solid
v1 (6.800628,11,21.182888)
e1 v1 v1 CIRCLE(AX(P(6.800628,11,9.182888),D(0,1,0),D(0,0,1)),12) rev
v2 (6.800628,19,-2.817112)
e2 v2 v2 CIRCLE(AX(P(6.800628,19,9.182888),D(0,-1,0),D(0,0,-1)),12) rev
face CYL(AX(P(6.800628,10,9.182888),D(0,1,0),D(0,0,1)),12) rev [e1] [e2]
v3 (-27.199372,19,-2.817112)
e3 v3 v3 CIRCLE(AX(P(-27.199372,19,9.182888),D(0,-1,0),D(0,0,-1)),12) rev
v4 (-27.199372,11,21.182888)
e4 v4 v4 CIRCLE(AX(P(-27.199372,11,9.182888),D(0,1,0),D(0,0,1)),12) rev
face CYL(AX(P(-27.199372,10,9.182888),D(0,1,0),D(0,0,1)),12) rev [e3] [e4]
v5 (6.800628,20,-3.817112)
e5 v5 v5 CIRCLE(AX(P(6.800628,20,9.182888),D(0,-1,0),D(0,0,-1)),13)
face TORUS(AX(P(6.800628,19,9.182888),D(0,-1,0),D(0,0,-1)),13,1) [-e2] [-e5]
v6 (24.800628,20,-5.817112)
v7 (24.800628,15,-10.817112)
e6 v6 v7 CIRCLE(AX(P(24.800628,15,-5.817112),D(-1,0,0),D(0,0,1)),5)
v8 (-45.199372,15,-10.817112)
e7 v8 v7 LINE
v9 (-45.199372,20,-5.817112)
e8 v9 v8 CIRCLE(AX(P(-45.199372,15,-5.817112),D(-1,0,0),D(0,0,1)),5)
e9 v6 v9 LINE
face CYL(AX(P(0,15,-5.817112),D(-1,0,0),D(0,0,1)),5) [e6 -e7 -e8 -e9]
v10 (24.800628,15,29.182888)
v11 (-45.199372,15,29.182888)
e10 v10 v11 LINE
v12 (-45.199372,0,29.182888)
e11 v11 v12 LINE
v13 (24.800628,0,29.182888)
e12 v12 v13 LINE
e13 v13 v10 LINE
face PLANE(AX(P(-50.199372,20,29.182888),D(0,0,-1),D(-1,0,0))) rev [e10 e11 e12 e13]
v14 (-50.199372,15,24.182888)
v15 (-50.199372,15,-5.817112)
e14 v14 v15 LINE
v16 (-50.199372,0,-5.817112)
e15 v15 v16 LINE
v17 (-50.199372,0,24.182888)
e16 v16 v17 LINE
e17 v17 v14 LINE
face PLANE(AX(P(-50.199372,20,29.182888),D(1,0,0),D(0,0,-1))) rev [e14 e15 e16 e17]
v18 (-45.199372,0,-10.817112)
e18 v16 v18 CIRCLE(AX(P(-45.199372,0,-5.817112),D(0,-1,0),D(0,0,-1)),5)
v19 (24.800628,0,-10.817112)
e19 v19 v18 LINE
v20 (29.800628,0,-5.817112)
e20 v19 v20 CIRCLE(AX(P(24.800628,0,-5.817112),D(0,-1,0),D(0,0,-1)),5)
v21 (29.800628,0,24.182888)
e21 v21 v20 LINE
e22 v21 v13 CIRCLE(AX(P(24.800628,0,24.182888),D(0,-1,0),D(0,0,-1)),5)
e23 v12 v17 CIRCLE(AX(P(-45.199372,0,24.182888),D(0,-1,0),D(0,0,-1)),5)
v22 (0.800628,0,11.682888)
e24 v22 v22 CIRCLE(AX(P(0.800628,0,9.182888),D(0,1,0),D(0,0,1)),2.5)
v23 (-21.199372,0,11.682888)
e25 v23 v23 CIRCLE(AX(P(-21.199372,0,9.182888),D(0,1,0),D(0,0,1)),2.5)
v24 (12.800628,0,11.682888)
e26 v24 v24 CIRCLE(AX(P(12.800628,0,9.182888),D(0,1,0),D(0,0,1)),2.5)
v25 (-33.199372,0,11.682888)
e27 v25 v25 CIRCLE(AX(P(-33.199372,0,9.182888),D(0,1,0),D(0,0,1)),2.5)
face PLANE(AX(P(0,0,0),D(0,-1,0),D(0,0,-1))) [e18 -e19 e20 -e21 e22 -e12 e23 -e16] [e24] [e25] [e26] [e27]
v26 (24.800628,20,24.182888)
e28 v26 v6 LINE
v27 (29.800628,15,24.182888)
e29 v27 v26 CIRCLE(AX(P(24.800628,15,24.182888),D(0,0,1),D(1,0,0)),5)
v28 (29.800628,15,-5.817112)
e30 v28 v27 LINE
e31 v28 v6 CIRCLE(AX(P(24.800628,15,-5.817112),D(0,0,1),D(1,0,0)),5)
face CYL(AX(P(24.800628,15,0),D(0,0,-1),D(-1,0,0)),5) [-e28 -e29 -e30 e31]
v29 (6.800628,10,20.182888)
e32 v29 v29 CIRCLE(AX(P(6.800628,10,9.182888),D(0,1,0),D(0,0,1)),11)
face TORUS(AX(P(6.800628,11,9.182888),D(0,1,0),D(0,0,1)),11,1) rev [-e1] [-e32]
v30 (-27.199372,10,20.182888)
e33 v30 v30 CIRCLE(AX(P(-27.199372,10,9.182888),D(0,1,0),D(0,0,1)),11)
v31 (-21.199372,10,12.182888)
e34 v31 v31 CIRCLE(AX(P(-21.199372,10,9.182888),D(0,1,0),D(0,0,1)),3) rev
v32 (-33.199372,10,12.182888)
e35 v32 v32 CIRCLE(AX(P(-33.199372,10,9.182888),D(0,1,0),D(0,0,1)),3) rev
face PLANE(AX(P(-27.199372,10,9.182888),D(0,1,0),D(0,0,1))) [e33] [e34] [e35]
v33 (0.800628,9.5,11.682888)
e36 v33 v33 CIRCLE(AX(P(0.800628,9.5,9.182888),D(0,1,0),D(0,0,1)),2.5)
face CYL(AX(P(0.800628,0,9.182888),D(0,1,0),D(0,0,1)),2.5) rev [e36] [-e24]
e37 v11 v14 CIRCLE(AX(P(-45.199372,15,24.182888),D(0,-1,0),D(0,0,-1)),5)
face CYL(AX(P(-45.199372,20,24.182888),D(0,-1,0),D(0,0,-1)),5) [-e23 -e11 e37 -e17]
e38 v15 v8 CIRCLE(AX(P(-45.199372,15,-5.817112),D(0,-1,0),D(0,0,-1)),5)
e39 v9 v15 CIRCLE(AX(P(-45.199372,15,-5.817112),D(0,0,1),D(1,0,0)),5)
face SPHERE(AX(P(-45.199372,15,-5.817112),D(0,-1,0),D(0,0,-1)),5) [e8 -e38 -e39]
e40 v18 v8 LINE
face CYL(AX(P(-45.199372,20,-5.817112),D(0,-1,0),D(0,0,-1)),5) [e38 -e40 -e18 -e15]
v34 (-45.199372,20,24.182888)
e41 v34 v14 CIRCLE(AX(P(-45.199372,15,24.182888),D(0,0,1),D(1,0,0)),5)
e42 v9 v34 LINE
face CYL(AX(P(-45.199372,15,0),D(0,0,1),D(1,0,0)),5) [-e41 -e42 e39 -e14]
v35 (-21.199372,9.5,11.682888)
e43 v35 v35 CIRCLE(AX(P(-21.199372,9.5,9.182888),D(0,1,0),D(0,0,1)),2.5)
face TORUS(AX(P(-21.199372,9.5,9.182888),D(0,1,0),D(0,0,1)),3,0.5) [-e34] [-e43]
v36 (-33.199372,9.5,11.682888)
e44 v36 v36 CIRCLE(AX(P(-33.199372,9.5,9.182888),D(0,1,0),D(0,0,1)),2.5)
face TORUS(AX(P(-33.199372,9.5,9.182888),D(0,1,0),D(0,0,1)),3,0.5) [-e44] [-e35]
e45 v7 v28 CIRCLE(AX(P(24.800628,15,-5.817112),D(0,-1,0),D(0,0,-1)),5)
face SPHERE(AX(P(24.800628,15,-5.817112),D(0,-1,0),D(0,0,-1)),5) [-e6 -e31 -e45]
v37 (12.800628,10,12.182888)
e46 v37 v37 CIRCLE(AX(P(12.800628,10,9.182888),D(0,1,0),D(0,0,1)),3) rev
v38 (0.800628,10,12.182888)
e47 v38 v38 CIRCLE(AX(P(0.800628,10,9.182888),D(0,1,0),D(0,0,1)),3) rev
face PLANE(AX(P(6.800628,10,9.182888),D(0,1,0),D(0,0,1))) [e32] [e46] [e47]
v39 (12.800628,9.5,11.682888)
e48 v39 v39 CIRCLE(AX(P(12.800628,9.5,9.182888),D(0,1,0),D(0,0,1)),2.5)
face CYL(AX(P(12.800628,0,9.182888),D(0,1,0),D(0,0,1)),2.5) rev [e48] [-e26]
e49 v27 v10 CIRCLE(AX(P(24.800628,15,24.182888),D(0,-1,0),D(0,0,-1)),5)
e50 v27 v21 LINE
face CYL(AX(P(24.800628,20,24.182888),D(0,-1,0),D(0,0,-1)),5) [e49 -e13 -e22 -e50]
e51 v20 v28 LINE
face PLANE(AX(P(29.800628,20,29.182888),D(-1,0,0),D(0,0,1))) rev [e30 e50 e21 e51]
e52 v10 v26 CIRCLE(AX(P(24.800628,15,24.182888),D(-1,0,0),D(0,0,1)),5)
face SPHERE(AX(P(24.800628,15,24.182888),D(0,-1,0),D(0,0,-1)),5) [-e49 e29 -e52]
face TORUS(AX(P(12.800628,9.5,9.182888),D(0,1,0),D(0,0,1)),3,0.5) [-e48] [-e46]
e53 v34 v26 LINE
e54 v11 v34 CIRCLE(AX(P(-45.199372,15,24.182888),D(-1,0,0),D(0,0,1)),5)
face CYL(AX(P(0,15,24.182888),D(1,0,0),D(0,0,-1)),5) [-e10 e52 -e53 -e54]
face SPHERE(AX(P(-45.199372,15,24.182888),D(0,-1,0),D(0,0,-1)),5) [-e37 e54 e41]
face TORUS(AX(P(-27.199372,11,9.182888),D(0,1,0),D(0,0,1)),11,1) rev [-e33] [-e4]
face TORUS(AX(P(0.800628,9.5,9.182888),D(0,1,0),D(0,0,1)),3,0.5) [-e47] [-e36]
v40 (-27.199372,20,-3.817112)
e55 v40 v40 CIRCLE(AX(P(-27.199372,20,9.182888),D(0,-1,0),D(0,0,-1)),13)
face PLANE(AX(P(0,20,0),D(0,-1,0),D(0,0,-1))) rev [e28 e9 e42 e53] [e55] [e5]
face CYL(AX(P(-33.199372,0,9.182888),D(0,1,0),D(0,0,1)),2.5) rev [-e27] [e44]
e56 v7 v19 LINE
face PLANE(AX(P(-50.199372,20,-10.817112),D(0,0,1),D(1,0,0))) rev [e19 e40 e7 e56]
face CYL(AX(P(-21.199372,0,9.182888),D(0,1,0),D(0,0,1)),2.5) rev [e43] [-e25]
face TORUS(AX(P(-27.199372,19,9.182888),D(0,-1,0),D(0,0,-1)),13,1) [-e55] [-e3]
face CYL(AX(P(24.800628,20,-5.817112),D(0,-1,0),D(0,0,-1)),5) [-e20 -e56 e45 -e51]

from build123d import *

# Parameters (mm, degrees)
SKETCH_1_W          = 80
SKETCH_1_H          = 40
EXTRUDE_1_DEPTH     = 20
SKETCH_3_R          = 12
CUT_EXTRUDE_1_DEPTH = 10
SKETCH_5_R          = 2.5
CUT_EXTRUDE_2_DEPTH = 59.920436956
FILLET_1_R          = 5
FILLET_2_R          = 5
FILLET_3_R          = 1
FILLET_4_R          = 0.5


with BuildPart() as part:
    # 스케치1 → 보스-돌출1 (new body)
    with BuildSketch(Plane(origin=(0, 0, 0), x_dir=(1, 0, 0), z_dir=(0, 1, 0))):
        with Locations((-10.199371704, -9.182888335)):
            Rectangle(SKETCH_1_W, SKETCH_1_H)
    extrude(amount=EXTRUDE_1_DEPTH)

    # 스케치3 → 컷-돌출1 (cut)
    with BuildSketch(Plane(origin=(0, 20, 0), x_dir=(1, 0, 0), z_dir=(0, 1, 0))):
        with Locations(Location((-27.199371704, -9.182888335, 0), (0, 0, 270))):
            Circle(SKETCH_3_R)
        with Locations(Location((6.800628296, -9.182888335, 0), (0, 0, 270))):
            Circle(SKETCH_3_R)
    extrude(amount=-CUT_EXTRUDE_1_DEPTH, mode=Mode.SUBTRACT)

    # 스케치5 → 컷-돌출2 (cut, through all)
    with BuildSketch(Plane(origin=(0, 10, 0), x_dir=(1, 0, 0), z_dir=(0, 1, 0))):
        with Locations(Location((-33.199371704, -9.182888335, 0), (0, 0, 270))):
            Circle(SKETCH_5_R)
        with Locations(Location((-21.199371704, -9.182888335, 0), (0, 0, 270))):
            Circle(SKETCH_5_R)
        with Locations(Location((0.800628296, -9.182888335, 0), (0, 0, 270))):
            Circle(SKETCH_5_R)
        with Locations(Location((12.800628296, -9.182888335, 0), (0, 0, 270))):
            Circle(SKETCH_5_R)
    extrude(amount=-CUT_EXTRUDE_2_DEPTH, mode=Mode.SUBTRACT)

    # 필렛1
    fillet_1_edges = [part.edges().sort_by_distance(p)[0] for p in [
        (-50.199371704, 10, -10.817111665),
        (29.800628296, 10, -10.817111665),
        (29.800628296, 10, 29.182888335),
        (-50.199371704, 10, 29.182888335),
    ]]
    fillet(fillet_1_edges, radius=FILLET_1_R)

    # 필렛2
    fillet_2_edges = [part.edges().sort_by_distance(p)[0] for p in [
        (-50.199371704, 20, 9.182888335),
        (-10.199371704, 20, -10.817111665),
        (-10.199371704, 20, 29.182888335),
        (29.800628296, 20, 9.182888335),
        (-48.73490561, 20, 27.718422241),
        (28.336162202, 20, 27.718422241),
        (28.336162202, 20, -9.352645571),
        (-48.73490561, 20, -9.352645571),
    ]]
    fillet(fillet_2_edges, radius=FILLET_2_R)

    # 필렛3
    fillet_3_edges = [part.edges().sort_by_distance(p)[0] for p in [
        (6.800628296, 10, -2.817111665),
        (6.800628296, 20, -2.817111665),
        (-27.199371704, 10, -2.817111665),
        (-27.199371704, 20, -2.817111665),
    ]]
    fillet(fillet_3_edges, radius=FILLET_3_R)

    # 필렛4
    fillet_4_edges = [part.edges().sort_by_distance(p)[0] for p in [
        (-33.199371704, 10, 6.682888335),
        (-21.199371704, 10, 6.682888335),
        (0.800628296, 10, 6.682888335),
        (12.800628296, 10, 6.682888335),
    ]]
    fillet(fillet_4_edges, radius=FILLET_4_R)


solid = part.part
